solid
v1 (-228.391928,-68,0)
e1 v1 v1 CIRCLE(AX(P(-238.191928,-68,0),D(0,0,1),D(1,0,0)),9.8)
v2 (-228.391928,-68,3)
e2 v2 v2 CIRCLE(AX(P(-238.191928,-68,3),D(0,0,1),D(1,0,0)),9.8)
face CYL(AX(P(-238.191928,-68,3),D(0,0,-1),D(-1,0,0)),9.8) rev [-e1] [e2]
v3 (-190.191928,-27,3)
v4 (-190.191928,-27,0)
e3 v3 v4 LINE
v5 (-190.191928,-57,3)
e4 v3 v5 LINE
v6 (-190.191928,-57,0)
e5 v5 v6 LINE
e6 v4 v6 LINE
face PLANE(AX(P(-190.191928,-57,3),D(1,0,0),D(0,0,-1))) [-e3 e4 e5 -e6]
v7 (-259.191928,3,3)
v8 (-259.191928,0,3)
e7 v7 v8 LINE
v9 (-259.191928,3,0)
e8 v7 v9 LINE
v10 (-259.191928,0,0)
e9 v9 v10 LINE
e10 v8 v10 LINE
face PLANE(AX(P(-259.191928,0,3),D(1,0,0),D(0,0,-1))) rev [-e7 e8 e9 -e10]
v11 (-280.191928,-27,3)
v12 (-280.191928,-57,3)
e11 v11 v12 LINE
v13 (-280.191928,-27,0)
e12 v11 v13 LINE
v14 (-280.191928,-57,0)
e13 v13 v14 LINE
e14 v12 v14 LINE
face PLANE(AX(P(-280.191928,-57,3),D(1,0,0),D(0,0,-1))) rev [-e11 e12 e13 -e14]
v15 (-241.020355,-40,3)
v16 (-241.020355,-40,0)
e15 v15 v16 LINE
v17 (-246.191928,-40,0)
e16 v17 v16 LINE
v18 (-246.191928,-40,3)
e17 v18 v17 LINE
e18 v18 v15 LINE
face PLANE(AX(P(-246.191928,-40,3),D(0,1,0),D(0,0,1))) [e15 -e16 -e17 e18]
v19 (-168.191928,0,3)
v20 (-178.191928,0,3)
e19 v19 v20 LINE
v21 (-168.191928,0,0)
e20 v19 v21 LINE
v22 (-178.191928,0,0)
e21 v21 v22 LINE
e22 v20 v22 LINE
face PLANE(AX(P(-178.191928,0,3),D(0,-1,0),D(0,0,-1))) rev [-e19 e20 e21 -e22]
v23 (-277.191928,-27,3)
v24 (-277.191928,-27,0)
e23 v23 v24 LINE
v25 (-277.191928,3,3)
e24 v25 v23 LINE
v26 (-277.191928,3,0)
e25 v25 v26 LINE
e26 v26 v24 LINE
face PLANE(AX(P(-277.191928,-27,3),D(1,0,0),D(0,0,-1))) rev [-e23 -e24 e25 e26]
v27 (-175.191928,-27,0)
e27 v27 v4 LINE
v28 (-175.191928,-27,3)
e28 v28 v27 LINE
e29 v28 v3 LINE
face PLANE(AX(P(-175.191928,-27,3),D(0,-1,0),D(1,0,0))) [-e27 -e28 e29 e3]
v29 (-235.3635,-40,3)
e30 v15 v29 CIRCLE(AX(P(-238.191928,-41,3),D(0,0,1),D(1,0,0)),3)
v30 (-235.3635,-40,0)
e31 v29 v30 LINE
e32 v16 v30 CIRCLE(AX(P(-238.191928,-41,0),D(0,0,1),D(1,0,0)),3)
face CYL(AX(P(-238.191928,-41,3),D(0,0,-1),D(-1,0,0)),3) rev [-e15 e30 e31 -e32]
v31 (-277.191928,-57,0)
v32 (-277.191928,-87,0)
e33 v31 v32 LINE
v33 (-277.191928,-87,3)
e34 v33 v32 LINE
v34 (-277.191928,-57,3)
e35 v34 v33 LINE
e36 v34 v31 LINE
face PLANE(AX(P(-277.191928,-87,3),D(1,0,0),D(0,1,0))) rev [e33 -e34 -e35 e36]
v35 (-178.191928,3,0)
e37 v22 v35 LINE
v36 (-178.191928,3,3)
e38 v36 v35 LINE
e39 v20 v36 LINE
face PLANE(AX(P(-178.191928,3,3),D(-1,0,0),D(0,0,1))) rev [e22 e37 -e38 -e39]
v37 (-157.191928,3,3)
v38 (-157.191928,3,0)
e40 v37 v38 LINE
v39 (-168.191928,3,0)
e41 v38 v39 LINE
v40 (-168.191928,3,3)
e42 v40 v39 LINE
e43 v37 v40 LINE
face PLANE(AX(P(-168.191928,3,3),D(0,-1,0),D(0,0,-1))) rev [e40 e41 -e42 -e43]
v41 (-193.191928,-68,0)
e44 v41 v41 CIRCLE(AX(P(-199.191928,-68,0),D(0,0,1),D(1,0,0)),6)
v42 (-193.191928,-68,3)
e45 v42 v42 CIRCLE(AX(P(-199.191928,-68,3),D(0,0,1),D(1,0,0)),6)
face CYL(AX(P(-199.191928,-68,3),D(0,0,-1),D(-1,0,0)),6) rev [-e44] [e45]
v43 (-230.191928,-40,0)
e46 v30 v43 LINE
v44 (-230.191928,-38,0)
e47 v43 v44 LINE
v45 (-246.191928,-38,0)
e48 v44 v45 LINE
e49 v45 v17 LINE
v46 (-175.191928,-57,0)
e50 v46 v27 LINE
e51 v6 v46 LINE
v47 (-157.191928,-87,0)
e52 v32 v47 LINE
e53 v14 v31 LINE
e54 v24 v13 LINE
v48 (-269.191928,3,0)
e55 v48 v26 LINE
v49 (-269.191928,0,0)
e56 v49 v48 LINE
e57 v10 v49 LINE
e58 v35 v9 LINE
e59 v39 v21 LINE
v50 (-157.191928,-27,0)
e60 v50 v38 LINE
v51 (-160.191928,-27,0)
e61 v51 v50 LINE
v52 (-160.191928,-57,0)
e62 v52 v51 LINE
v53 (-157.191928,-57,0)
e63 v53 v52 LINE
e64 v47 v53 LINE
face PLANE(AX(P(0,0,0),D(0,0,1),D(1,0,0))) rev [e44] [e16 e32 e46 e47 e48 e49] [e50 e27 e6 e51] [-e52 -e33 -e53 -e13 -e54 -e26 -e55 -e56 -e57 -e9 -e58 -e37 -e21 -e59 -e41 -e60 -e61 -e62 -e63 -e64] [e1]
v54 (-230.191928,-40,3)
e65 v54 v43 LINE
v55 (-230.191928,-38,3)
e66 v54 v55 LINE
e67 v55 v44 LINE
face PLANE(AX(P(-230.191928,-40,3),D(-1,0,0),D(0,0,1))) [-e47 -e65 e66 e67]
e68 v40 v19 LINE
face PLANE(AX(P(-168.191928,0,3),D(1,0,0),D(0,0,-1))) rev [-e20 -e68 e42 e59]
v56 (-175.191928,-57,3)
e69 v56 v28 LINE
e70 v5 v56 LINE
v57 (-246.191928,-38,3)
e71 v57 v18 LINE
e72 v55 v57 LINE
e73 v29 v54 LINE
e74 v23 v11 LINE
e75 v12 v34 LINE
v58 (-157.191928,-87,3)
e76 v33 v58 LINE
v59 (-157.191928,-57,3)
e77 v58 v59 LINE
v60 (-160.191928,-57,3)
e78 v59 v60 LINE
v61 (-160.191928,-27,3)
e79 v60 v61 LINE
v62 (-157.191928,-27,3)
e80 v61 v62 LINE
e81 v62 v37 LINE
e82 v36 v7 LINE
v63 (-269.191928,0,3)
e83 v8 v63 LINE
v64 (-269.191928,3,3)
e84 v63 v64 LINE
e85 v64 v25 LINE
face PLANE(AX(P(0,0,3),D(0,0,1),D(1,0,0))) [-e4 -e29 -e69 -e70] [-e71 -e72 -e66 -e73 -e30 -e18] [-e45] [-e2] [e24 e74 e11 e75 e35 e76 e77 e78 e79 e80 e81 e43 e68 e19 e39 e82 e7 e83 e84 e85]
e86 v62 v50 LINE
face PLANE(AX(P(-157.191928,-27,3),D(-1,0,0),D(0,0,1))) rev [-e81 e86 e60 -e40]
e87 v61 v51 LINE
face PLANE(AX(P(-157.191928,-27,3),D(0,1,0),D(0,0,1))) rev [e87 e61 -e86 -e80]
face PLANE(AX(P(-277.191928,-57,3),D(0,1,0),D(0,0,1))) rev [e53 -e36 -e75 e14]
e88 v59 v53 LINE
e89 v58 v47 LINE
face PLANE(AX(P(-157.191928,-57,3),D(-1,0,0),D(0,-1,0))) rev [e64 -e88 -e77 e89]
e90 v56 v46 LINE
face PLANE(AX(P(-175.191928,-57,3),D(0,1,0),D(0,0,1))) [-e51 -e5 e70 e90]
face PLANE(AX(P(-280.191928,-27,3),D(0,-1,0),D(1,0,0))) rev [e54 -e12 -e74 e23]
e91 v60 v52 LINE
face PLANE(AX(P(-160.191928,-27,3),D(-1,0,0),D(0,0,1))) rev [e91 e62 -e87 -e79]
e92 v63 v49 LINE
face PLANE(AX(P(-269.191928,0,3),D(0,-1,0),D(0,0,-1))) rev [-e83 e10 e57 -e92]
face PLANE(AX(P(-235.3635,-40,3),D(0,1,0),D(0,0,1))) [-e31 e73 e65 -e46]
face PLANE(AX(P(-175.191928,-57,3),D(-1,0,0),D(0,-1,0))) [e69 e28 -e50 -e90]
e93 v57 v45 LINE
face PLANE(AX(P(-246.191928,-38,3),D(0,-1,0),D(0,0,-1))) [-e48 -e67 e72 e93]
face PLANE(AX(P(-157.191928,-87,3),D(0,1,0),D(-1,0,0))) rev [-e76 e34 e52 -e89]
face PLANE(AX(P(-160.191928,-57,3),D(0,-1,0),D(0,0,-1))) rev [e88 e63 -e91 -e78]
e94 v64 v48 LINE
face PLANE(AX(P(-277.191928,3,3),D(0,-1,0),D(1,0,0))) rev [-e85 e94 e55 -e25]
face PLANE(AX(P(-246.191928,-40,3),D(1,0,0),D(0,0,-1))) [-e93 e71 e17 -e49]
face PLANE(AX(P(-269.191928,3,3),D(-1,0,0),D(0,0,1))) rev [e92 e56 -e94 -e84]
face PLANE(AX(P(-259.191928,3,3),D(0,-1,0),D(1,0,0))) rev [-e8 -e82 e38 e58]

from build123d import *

# Parameters (mm, degrees)
MODEL_R             = 9.8
MODEL_R_2           = 6
MODEL_W             = 15
MODEL_H             = 30
BOSS_EXTRUDE1_DEPTH = 3


with BuildPart() as part:
    # Model → Boss-Extrude1 (new body)
    with BuildSketch(Plane.XY):
        Polygon((-160.191927583, -27), (-160.191927583, -57), (-157.191927583, -57), (-157.191927583, -87), (-277.191927583, -87), (-277.191927583, -57), (-280.191927583, -57), (-280.191927583, -27), (-277.191927583, -27), (-277.191927583, 3), (-269.191927583, 3), (-269.191927583, 0), (-259.191927583, 0), (-259.191927583, 3), (-178.191927583, 3), (-178.191927583, 0), (-168.191927583, 0), (-168.191927583, 3), (-157.191927583, 3), (-157.191927583, -27), align=None)
        with Locations((-238.191927583, -68)):
            Circle(MODEL_R, mode=Mode.SUBTRACT)
        with Locations((-199.191927583, -68)):
            Circle(MODEL_R_2, mode=Mode.SUBTRACT)
        with Locations((-182.691927583, -42)):
            Rectangle(MODEL_W, MODEL_H, mode=Mode.SUBTRACT)
        with BuildLine():
            Line((-235.363500459, -40), (-230.191927583, -40))
            Line((-230.191927583, -40), (-230.191927583, -38))
            Line((-230.191927583, -38), (-246.191927583, -38))
            Line((-246.191927583, -38), (-246.191927583, -40))
            Line((-246.191927583, -40), (-241.020354708, -40))
            ThreePointArc((-241.020354708, -40), (-238.191927583, -44), (-235.363500459, -40))
        make_face(mode=Mode.SUBTRACT)
    extrude(amount=BOSS_EXTRUDE1_DEPTH)


solid = part.part
